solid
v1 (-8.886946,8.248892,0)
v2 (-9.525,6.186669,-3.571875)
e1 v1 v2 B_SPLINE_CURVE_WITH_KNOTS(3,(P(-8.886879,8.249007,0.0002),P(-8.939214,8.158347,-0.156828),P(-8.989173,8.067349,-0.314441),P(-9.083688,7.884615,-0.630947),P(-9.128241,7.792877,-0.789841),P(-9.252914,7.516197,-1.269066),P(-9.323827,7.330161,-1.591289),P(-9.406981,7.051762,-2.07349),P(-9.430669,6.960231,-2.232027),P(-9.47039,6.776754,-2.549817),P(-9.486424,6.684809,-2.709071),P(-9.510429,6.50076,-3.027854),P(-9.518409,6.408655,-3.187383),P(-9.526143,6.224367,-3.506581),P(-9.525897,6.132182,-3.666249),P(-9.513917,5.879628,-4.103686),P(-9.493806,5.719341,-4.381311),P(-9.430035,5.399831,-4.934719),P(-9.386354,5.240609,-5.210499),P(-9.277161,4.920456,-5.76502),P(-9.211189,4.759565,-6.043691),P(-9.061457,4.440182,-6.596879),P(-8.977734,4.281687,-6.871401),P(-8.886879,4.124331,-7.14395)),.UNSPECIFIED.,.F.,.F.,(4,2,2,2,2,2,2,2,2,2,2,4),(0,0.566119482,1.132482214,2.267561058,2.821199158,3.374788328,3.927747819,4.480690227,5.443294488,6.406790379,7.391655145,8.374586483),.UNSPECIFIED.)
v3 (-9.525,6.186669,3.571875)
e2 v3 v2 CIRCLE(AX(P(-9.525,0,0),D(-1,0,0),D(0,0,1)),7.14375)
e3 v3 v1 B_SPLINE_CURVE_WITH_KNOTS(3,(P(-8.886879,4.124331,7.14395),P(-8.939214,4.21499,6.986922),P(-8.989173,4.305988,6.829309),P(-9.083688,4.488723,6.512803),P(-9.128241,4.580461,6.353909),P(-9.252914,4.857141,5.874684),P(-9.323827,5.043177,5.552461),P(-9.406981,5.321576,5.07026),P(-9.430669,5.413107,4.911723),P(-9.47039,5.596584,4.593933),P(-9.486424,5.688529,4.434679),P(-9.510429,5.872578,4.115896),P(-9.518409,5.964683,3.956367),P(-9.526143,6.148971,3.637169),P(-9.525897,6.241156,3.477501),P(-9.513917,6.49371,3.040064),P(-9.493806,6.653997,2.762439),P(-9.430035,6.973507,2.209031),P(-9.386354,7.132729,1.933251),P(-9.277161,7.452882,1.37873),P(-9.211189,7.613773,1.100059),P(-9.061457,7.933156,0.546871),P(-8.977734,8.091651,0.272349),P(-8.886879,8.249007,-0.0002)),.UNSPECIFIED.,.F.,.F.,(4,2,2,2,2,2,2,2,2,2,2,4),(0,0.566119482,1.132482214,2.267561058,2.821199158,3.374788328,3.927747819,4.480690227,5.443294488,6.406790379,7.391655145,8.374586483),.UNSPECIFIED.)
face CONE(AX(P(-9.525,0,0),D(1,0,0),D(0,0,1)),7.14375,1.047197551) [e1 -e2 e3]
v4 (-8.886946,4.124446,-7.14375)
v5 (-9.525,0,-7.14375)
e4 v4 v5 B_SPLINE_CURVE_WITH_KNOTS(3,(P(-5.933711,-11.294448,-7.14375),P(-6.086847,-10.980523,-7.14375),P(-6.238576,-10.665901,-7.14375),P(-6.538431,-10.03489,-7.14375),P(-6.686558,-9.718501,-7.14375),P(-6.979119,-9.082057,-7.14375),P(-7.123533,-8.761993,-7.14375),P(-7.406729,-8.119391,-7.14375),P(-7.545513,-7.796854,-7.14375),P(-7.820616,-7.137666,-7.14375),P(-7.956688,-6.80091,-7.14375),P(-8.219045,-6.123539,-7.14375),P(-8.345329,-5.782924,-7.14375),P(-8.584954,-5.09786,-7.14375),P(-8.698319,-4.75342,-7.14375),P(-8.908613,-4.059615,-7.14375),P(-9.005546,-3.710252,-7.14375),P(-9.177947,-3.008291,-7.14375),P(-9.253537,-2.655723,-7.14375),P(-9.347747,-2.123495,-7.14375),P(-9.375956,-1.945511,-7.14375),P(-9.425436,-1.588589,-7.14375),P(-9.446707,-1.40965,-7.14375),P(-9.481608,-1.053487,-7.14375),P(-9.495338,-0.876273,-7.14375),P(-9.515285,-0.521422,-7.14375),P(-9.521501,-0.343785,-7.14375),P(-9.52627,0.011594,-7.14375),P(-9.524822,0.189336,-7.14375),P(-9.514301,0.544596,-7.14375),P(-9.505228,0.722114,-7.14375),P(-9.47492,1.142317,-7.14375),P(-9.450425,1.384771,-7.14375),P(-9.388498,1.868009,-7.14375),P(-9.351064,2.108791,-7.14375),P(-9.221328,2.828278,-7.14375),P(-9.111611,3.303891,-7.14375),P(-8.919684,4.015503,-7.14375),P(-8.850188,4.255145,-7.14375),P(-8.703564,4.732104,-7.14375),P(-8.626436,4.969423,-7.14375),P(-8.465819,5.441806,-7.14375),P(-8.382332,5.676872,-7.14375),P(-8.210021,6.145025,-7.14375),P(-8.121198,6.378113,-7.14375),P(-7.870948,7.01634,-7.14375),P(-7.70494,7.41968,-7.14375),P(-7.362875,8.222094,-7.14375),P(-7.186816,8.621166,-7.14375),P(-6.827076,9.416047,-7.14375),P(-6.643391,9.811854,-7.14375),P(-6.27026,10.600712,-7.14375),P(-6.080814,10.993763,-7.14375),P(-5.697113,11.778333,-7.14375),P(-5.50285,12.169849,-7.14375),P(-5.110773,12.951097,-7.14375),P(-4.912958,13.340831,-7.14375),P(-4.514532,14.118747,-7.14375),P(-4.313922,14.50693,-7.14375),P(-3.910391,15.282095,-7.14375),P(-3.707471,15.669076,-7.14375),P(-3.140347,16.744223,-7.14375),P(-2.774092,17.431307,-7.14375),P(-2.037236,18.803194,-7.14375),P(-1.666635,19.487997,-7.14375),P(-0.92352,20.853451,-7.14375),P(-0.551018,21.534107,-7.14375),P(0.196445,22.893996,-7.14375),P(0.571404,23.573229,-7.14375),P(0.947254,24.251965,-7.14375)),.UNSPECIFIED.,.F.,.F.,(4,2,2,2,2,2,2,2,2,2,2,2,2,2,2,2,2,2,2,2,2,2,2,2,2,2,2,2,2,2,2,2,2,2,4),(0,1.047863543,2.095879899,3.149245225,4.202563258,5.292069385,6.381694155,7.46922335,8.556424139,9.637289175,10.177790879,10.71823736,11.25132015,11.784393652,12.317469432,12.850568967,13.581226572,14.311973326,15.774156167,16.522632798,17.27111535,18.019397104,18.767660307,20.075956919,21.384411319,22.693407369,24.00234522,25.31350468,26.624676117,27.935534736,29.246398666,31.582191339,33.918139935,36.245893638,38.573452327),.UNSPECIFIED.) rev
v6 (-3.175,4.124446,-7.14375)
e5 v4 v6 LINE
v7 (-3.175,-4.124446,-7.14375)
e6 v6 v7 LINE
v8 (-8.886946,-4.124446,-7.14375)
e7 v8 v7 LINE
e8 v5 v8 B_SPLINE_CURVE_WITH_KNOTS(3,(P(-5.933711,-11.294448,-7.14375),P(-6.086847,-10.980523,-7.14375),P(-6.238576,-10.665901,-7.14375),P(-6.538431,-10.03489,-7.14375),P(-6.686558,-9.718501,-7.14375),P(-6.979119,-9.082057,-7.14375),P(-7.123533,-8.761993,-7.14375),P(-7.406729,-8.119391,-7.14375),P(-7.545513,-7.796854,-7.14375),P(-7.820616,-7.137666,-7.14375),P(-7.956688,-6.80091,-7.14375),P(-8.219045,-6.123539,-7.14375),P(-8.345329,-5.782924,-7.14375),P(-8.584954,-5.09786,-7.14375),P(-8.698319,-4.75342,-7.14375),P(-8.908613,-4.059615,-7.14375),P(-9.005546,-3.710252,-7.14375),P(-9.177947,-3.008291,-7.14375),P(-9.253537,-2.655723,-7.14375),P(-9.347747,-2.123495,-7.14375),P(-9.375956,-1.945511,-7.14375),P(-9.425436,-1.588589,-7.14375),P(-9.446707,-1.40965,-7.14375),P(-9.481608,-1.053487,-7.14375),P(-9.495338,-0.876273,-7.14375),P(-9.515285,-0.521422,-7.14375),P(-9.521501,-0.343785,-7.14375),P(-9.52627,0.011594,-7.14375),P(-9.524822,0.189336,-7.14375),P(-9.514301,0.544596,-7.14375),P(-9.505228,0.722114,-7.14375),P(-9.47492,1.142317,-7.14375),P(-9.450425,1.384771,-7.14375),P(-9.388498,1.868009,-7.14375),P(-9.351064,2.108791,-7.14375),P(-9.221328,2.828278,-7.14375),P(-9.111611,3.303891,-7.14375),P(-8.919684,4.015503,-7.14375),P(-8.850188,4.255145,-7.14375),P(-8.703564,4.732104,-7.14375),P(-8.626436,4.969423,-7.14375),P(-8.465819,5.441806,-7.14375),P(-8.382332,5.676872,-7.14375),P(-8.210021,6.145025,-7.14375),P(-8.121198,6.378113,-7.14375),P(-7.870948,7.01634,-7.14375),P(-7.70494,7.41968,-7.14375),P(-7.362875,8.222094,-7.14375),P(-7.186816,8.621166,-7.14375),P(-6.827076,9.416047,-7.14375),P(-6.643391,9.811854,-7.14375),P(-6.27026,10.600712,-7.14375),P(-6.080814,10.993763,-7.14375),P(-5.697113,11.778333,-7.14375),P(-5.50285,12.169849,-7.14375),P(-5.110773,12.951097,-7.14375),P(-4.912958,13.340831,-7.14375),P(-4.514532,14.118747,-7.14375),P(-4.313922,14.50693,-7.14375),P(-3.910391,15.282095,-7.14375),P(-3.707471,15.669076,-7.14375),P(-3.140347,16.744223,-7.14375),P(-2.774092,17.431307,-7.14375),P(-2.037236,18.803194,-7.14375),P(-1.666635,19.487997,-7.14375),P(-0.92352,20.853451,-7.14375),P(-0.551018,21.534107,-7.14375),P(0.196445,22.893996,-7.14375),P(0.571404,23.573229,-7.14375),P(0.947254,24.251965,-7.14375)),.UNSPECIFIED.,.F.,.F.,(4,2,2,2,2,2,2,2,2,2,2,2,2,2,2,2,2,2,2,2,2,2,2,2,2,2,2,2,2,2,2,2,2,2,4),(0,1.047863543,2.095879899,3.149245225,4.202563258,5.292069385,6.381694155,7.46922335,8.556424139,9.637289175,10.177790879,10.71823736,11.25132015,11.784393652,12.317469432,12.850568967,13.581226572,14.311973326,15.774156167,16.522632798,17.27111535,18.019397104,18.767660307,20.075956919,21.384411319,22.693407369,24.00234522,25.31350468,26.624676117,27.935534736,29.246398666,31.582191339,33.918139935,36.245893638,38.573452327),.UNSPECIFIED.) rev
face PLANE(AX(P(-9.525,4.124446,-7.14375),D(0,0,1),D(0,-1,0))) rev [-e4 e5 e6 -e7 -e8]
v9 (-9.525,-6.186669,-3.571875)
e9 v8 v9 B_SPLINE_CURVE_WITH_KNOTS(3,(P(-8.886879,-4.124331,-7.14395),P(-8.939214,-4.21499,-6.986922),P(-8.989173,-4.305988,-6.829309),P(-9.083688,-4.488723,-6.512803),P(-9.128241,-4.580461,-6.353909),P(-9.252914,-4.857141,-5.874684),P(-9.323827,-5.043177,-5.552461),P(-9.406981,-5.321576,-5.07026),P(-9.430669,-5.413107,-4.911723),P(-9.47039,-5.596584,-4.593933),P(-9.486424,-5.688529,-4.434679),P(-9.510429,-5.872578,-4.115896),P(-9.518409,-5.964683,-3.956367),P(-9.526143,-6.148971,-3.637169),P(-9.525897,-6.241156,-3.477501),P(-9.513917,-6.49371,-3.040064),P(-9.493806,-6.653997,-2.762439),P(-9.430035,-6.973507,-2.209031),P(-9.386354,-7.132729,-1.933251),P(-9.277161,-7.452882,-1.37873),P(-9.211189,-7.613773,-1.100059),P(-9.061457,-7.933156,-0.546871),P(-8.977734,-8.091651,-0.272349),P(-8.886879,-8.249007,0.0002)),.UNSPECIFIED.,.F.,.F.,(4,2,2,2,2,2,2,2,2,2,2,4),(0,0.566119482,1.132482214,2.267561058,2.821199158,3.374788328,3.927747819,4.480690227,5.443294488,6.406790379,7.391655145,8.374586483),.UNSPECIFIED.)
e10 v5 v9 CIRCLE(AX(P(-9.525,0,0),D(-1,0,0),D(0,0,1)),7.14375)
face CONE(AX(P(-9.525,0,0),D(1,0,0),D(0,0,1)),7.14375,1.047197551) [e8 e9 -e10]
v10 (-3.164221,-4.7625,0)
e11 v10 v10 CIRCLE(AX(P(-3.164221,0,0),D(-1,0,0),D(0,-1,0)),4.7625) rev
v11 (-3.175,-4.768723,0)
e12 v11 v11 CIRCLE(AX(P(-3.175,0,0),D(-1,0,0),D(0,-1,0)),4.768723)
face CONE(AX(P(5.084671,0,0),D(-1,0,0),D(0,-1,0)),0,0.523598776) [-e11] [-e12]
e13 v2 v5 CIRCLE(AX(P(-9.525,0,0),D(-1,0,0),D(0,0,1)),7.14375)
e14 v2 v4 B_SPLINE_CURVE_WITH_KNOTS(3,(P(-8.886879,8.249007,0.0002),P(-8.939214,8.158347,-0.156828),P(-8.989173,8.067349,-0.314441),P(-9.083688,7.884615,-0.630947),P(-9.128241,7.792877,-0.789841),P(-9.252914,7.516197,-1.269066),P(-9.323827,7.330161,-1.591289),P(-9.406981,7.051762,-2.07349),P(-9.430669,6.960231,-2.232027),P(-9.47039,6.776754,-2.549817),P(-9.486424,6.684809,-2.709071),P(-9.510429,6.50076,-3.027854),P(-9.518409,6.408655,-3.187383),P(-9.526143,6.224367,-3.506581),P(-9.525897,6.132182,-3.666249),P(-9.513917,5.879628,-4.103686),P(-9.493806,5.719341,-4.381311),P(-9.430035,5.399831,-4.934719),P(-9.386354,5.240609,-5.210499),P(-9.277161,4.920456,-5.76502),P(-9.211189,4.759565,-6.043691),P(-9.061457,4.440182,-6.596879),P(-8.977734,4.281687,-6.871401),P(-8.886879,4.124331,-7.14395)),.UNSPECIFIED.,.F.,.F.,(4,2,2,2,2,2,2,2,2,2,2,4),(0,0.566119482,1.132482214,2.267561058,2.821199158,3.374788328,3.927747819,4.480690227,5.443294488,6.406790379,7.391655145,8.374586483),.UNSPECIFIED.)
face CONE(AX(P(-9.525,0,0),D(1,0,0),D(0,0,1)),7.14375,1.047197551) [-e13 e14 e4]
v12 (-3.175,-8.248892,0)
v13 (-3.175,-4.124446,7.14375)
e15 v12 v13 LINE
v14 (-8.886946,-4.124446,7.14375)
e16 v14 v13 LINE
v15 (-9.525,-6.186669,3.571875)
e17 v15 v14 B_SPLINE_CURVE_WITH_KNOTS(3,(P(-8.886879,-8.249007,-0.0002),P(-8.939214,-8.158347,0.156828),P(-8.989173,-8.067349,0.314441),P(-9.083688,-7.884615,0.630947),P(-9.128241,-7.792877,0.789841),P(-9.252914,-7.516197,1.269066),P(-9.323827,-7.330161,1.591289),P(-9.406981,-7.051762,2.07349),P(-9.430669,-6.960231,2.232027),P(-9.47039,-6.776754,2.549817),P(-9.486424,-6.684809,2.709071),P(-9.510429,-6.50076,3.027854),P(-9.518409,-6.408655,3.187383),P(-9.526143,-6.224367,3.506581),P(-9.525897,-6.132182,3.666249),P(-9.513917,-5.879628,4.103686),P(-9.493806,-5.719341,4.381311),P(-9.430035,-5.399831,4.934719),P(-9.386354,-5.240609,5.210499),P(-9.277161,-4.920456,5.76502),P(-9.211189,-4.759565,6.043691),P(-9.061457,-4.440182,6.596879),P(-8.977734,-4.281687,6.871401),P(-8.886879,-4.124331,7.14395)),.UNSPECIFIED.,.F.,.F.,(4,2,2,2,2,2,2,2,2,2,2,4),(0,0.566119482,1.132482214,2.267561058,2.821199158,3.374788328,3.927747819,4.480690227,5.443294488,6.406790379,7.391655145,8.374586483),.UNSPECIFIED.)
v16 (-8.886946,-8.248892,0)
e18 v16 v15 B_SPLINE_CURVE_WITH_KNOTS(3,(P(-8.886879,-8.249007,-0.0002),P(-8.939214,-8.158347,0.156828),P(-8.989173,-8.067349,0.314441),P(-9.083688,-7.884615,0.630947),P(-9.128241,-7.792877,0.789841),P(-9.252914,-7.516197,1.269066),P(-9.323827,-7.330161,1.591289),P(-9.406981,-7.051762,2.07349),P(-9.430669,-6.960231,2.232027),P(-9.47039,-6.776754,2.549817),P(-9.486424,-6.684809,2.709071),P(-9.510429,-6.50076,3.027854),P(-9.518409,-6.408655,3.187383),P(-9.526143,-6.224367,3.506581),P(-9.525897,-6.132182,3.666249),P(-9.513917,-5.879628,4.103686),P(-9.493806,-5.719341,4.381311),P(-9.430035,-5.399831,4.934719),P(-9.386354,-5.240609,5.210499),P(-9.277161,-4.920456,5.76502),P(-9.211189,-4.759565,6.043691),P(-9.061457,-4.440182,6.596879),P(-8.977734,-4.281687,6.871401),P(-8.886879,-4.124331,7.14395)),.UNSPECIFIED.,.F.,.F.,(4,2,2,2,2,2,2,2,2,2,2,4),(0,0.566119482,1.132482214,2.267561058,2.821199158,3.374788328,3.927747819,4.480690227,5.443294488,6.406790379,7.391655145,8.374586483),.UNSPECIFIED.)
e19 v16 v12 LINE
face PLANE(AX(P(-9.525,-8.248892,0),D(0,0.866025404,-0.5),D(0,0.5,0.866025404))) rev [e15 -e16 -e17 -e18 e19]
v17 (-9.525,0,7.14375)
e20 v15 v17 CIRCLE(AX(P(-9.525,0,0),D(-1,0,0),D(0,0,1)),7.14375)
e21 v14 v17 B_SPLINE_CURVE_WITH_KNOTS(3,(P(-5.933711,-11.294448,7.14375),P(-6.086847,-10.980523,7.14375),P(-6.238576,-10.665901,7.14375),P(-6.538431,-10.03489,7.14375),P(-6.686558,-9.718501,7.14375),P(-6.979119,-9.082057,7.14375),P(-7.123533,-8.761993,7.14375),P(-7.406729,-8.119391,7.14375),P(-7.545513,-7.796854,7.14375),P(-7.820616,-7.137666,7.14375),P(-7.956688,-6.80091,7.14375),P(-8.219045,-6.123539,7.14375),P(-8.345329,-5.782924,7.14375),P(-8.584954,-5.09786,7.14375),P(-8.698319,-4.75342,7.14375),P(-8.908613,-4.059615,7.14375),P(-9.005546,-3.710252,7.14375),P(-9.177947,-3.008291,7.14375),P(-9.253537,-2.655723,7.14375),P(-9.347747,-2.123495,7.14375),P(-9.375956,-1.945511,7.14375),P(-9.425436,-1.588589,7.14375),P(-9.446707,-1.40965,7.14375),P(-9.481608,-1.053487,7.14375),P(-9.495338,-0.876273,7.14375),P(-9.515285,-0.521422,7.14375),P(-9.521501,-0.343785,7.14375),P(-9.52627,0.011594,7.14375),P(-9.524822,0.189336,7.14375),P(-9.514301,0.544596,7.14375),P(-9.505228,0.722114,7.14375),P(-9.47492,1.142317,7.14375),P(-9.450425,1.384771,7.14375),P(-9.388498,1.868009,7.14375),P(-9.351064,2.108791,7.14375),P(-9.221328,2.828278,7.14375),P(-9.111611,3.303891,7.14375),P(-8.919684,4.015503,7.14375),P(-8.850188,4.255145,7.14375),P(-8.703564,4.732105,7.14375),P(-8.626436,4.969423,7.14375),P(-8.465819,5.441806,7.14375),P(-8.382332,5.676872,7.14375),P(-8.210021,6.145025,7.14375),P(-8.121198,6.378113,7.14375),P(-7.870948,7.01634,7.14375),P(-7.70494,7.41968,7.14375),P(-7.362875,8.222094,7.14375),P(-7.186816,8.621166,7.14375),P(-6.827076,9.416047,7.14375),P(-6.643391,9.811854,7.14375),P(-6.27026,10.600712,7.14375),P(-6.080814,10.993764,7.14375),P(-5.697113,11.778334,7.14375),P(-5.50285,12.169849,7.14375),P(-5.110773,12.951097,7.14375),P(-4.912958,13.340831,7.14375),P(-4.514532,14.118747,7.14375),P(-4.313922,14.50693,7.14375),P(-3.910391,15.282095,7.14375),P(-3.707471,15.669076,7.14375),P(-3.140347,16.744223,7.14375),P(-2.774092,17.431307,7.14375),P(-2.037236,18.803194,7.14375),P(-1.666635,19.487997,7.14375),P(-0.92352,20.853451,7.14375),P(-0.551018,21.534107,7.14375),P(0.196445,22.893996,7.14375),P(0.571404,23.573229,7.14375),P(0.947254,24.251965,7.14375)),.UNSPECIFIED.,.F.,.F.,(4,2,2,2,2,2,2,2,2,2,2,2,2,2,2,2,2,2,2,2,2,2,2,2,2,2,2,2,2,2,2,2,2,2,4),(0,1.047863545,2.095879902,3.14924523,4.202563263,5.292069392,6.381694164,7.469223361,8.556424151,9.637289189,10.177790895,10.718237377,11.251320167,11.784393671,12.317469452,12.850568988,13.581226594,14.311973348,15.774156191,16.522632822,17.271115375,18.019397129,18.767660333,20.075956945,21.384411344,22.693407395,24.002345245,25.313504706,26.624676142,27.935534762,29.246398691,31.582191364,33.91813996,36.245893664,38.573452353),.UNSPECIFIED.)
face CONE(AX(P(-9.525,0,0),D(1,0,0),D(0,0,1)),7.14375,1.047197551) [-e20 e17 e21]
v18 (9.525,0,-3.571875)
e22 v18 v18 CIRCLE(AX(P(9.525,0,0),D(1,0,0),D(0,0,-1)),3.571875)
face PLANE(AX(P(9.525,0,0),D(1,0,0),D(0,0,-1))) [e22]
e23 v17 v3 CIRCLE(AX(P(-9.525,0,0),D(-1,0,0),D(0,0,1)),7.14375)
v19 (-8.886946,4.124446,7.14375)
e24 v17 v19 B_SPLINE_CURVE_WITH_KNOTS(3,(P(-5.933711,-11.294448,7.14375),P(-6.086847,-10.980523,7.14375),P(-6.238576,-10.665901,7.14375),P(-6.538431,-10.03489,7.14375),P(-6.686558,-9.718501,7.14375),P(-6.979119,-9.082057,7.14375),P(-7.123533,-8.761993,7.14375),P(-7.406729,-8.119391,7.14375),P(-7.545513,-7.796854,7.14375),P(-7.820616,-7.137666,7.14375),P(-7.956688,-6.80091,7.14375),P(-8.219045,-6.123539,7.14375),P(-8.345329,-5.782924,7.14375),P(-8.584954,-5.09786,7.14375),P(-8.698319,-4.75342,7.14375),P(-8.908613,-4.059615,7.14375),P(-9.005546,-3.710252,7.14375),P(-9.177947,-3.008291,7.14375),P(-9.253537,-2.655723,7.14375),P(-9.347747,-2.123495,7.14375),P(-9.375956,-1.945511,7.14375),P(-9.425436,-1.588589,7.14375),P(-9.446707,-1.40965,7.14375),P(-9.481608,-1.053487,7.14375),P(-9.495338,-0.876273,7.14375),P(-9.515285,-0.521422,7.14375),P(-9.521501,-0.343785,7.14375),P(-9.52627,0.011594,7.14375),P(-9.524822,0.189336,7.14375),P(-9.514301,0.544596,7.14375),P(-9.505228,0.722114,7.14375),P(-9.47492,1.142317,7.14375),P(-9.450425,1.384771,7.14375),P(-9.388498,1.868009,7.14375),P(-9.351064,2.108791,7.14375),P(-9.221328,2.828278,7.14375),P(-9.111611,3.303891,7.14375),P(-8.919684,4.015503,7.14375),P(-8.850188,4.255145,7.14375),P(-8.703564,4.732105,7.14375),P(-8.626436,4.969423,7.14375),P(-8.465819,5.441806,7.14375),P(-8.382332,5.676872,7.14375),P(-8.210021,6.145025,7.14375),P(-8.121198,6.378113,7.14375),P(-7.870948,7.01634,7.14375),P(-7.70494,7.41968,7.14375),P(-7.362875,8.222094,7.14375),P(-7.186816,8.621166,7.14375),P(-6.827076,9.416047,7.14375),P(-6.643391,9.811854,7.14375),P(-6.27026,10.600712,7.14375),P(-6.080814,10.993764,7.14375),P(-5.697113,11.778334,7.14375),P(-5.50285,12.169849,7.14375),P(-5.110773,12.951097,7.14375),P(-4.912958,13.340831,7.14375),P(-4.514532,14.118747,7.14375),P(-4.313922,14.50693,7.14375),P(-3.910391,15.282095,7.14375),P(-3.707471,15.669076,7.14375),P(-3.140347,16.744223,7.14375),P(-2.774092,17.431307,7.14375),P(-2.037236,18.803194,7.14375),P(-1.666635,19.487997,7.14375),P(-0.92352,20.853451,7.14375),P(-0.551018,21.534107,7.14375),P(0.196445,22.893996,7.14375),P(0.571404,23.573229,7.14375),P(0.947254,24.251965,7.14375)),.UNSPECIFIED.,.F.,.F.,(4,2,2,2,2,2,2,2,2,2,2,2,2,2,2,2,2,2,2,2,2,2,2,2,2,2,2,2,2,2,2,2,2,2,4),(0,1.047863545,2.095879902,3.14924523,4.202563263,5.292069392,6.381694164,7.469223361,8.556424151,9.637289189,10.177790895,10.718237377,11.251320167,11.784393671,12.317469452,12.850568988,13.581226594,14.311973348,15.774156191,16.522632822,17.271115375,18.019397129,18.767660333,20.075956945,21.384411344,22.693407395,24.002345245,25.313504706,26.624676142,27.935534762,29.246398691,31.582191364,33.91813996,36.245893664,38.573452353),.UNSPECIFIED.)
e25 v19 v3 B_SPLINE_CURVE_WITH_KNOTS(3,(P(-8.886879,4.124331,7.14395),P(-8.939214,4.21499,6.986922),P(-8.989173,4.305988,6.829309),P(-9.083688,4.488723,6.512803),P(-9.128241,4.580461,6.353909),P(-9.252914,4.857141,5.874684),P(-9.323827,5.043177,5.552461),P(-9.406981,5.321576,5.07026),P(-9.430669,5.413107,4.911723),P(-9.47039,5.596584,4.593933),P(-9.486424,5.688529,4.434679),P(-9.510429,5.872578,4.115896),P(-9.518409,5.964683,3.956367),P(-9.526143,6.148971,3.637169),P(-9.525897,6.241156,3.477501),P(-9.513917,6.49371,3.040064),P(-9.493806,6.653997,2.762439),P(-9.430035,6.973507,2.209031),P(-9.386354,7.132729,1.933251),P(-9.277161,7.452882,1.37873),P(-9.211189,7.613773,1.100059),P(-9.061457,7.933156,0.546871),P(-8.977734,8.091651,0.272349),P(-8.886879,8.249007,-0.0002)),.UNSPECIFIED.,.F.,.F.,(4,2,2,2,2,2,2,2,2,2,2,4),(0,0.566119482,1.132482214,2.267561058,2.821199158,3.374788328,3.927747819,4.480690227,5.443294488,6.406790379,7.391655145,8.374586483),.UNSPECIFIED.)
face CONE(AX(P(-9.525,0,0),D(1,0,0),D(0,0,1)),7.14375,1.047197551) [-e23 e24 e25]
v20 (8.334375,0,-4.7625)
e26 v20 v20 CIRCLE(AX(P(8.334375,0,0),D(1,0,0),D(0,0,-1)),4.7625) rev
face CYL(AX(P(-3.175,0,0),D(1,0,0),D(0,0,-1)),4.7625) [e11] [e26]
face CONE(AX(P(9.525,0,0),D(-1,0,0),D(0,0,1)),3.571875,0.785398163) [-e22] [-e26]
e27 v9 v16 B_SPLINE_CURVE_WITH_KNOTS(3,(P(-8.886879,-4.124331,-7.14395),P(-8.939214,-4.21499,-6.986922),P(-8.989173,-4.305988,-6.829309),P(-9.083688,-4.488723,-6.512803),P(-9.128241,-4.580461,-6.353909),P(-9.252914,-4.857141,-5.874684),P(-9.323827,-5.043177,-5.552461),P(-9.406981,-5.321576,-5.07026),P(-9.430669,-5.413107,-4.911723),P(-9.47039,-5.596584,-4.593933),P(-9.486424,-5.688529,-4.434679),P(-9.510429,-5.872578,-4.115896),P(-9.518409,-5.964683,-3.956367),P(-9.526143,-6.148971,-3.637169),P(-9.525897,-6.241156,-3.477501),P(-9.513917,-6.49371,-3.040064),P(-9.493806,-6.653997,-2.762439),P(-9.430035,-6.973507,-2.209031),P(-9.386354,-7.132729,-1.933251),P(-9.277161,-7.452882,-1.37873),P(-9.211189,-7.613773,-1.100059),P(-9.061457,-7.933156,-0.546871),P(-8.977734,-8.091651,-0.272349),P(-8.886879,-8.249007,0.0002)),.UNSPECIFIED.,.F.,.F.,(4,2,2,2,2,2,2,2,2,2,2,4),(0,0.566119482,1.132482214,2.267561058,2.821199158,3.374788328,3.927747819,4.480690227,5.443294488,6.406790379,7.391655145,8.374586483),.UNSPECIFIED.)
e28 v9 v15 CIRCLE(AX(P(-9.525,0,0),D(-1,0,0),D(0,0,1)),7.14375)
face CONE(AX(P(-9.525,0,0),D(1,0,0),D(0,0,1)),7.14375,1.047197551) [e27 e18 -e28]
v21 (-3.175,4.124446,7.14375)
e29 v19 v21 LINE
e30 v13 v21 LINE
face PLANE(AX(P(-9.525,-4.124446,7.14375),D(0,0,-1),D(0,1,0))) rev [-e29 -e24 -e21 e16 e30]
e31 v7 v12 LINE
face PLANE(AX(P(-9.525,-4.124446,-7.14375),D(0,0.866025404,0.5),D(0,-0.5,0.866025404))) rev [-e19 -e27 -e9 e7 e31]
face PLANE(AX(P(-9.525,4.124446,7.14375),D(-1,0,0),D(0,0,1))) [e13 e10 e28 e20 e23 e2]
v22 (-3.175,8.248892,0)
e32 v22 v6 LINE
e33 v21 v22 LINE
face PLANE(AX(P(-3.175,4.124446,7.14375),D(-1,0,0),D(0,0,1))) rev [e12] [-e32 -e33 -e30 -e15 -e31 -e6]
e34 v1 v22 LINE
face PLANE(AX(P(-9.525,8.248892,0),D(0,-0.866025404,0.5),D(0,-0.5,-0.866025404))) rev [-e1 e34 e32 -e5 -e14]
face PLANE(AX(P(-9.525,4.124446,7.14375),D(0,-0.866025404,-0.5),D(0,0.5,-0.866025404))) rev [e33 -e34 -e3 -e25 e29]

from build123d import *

# Parameters (mm, degrees)
SKETCH5_R           = 4.7625
BOSS_EXTRUDE3_DEPTH = 12.7
CHAMFER1_SIZE       = 1.190625
BOSS_EXTRUDE4_DEPTH = 6.35
SKETCH8_OUTSIDE_W   = 91.538
SKETCH8_OUTSIDE_H   = 93.748
SKETCH8_OUTSIDE_R   = 7.14375
CUT_EXTRUDE3_DEPTH  = 20.05
CUT_EXTRUDE3_TAPER  = 60


with BuildPart() as part:
    # Sketch5 → Boss-Extrude3 (new body)
    with BuildSketch(Plane(origin=(9.525, 0, 0), x_dir=(0, 0, -1), z_dir=(1, 0, 0))):
        Circle(SKETCH5_R)
    extrude(amount=-BOSS_EXTRUDE3_DEPTH)

    # Chamfer1
    chamfer1_edges = [part.edges().sort_by_distance(p)[0] for p in [
        (9.525, 0, 4.7625),
    ]]
    chamfer(chamfer1_edges, length=CHAMFER1_SIZE)



with BuildPart() as body_2:
    # Sketch6 → Boss-Extrude4 (new body)
    with BuildSketch(Plane.ZY.offset(3.175)):
        Polygon((7.14375, 4.124445986), (0, 8.248891971), (-7.14375, 4.124445986), (-7.14375, -4.124445986), (0, -8.248891971), (7.14375, -4.124445986), align=None)
    extrude(amount=BOSS_EXTRUDE4_DEPTH)

    # Sketch8 outside → Cut-Extrude3 (cut, through all)
    with BuildSketch(Plane.ZY.offset(9.525)):
        Rectangle(SKETCH8_OUTSIDE_W, SKETCH8_OUTSIDE_H)
        Circle(SKETCH8_OUTSIDE_R, mode=Mode.SUBTRACT)
    extrude(amount=-CUT_EXTRUDE3_DEPTH, taper=CUT_EXTRUDE3_TAPER, mode=Mode.SUBTRACT)


with BuildPart() as part_1:
    add(part.part)

    add(body_2.part)  # Revolve7 merges body 2
    # Sketch13 → Revolve7 (revolve)
    with BuildSketch(Plane.XY):
        Polygon((-3.429, 0), (5.084670523, 0), (-3.175, 4.768723), (-3.429, 4.768723), align=None)
    revolve(axis=Axis((-3.429, 0, 0), (1, 0, 0)))


solid = part_1.part
